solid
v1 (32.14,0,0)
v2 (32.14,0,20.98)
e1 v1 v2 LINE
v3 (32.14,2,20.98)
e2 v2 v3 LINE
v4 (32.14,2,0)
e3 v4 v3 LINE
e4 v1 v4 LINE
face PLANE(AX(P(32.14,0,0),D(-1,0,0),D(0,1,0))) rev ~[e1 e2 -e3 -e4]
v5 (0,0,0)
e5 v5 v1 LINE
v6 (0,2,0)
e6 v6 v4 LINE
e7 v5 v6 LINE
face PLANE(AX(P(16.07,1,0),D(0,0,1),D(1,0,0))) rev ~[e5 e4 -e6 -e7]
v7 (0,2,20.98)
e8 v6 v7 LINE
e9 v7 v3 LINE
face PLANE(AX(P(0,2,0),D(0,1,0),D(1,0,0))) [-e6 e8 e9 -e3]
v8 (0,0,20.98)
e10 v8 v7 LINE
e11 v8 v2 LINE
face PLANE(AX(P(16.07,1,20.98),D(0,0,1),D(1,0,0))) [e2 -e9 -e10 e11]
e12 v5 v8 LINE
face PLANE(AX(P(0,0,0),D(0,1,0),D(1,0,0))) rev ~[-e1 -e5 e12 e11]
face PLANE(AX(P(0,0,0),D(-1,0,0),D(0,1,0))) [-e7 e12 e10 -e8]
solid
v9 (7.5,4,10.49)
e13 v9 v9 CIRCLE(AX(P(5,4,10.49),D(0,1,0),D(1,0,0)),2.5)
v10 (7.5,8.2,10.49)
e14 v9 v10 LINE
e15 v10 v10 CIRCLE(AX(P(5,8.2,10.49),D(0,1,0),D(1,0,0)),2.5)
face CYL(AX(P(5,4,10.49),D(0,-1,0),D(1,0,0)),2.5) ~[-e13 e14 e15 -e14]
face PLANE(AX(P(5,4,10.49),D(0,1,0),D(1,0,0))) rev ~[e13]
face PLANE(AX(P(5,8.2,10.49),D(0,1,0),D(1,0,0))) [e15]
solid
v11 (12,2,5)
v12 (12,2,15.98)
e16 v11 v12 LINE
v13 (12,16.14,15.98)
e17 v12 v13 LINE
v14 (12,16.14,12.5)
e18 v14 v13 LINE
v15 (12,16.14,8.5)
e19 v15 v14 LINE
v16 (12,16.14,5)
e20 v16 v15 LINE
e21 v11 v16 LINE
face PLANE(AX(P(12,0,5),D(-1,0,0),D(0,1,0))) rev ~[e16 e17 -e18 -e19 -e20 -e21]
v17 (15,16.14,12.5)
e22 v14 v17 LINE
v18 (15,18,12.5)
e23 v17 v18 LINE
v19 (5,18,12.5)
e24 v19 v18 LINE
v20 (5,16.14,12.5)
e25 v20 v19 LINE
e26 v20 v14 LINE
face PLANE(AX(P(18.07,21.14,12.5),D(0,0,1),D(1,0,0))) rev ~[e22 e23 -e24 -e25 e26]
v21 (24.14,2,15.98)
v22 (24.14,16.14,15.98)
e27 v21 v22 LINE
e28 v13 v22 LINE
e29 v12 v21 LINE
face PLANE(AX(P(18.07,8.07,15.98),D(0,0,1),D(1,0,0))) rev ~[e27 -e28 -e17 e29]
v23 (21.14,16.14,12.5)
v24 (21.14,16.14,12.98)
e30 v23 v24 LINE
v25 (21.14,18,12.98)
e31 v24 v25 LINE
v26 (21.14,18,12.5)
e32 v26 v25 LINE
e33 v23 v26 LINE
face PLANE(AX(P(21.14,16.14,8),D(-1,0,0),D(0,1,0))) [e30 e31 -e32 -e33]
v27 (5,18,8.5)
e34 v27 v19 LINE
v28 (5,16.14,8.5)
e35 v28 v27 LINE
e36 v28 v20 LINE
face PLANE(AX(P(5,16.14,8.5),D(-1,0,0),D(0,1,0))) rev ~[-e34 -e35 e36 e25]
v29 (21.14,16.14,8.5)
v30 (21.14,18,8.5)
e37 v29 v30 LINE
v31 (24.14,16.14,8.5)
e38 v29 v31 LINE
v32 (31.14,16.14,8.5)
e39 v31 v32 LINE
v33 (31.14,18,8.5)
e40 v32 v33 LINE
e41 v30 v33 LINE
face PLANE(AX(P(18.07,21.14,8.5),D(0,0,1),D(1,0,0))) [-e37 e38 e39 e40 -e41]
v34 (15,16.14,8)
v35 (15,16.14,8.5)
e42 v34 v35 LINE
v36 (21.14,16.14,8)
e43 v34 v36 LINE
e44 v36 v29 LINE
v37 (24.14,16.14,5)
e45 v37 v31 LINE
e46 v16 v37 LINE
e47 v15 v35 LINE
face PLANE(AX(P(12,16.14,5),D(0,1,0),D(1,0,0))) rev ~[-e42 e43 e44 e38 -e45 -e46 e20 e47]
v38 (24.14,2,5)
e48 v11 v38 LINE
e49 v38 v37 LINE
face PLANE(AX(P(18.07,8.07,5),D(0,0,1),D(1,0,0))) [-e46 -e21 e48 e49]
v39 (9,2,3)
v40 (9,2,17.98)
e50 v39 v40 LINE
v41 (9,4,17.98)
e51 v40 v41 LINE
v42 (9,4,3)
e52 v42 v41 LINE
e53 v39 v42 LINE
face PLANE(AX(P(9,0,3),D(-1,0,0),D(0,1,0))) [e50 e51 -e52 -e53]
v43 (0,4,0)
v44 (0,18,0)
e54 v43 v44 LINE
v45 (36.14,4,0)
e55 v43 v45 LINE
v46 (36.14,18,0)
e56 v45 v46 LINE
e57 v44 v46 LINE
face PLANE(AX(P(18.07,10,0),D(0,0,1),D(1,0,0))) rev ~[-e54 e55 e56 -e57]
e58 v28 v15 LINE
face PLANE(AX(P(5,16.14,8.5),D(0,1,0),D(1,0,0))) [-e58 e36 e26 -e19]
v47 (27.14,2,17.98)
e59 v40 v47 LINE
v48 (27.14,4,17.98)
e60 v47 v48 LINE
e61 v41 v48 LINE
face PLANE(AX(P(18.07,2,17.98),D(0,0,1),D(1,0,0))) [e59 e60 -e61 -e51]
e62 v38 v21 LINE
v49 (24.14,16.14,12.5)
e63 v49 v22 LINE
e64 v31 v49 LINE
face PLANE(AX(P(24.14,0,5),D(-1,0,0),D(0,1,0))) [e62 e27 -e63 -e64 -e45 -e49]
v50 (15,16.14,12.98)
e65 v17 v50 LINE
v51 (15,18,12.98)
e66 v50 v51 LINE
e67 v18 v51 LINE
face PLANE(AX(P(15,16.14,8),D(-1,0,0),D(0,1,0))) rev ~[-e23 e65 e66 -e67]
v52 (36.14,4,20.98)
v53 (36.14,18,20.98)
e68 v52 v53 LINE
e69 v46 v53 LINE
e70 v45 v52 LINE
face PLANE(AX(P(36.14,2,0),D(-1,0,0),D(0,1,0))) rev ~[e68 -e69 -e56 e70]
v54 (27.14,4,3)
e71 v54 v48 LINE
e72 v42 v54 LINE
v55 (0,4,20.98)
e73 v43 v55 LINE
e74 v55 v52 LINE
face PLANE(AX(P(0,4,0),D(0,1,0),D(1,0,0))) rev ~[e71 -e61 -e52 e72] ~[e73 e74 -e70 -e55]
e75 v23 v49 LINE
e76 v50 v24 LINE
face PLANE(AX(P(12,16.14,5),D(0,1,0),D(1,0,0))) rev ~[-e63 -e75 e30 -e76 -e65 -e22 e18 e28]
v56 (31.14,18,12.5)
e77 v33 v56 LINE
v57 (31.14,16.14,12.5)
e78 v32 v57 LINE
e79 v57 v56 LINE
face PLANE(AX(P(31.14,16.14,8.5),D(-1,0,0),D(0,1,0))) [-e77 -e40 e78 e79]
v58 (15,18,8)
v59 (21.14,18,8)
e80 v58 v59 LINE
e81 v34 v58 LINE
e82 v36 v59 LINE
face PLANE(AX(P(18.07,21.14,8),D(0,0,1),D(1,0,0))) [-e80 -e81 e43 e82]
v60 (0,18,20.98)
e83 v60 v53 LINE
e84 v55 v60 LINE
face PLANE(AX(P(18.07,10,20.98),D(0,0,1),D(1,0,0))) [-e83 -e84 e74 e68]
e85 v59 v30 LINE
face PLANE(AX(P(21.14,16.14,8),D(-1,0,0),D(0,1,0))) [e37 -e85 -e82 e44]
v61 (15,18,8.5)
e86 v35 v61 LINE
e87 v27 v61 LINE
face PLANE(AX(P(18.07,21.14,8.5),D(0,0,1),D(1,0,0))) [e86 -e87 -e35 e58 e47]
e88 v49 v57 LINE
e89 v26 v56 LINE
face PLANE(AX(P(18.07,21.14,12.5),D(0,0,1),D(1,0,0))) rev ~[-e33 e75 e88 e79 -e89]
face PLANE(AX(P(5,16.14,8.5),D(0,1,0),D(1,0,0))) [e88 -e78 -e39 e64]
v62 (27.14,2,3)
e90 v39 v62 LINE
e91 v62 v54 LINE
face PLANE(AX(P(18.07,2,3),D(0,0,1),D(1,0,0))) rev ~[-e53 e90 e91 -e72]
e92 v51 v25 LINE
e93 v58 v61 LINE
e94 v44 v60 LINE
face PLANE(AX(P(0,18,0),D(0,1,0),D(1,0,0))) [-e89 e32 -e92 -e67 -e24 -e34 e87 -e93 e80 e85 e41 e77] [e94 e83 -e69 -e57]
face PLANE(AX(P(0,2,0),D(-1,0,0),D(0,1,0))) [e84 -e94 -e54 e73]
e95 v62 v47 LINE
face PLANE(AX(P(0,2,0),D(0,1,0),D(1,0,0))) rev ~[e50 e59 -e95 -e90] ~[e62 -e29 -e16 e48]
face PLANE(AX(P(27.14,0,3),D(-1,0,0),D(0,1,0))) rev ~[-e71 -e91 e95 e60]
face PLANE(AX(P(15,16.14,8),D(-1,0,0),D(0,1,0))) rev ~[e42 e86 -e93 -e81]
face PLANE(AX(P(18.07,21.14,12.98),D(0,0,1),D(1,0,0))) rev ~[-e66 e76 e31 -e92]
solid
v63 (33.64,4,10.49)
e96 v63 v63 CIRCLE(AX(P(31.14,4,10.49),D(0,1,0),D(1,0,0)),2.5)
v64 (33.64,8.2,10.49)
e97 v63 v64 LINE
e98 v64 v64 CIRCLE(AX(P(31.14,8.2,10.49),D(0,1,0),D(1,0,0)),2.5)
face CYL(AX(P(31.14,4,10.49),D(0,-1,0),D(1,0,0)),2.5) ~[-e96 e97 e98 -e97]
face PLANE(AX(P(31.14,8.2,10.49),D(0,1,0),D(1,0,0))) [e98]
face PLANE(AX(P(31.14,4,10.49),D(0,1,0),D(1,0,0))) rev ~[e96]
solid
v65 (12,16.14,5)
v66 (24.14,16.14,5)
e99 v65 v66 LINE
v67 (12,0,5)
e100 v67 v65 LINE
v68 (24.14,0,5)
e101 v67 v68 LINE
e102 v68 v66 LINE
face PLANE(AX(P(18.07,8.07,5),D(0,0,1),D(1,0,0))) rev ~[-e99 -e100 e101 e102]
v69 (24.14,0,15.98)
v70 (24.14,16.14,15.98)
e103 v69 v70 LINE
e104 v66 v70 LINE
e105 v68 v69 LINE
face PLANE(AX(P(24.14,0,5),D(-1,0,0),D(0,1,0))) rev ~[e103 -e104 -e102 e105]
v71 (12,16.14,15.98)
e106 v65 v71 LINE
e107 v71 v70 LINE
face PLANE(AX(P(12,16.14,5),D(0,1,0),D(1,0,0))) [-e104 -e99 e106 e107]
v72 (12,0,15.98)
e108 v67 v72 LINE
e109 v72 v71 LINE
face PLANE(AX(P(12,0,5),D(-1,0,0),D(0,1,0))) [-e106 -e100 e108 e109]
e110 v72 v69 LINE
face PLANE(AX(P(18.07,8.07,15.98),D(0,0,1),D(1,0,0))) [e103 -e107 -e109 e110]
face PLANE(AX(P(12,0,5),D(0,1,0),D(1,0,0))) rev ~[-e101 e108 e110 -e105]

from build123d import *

# Parameters (mm, degrees)
BOX_W             = 12.14
BOX_H             = 16.14
BOX_DEPTH         = 10.98
BOX001_W          = 32.14
BOX001_H          = 2
BOX001_DEPTH      = 20.98
CYLINDER_R        = 2.5
CYLINDER_DEPTH    = 4.2
CYLINDER001_R     = 2.5
CYLINDER001_DEPTH = 4.2
BOX007_W          = 18.14
BOX007_H          = 4
BOX007_DEPTH      = 14.98
BOX006_W          = 36.14
BOX006_H          = 4
BOX006_DEPTH      = 20.98
BOX004_W          = 26.14
BOX004_H          = 10
BOX004_DEPTH      = 4
BOX003_W          = 6.14
BOX003_H          = 10
BOX003_DEPTH      = 4.98
BOX005_W          = 12.14
BOX005_H          = 16.14
BOX005_DEPTH      = 10.98
BOX002_W          = 36.14
BOX002_H          = 16
BOX002_DEPTH      = 20.98


with BuildPart() as usb:
    # Box → Box (new body)
    with BuildSketch(Plane(origin=(12, 0, 5), x_dir=(1, 0, 0), z_dir=(0, 0, 1))):
        with Locations((6.07, 8.07)):
            Rectangle(BOX_W, BOX_H)
    extrude(amount=BOX_DEPTH)


with BuildPart() as panel:
    # Box001 → Box001 (new body)
    with BuildSketch(Plane.XY):
        with Locations((16.07, 1)):
            Rectangle(BOX001_W, BOX001_H)
    extrude(amount=BOX001_DEPTH)


with BuildPart() as cylinder:
    # Cylinder → Cylinder (new body)
    with BuildSketch(Plane(origin=(5, 4, 10.49), x_dir=(1, 0, 0), z_dir=(0, 1, 0))):
        Circle(CYLINDER_R)
    extrude(amount=CYLINDER_DEPTH)


with BuildPart() as cylinder001:
    # Cylinder001 → Cylinder001 (new body)
    with BuildSketch(Plane(origin=(31.14, 4, 10.49), x_dir=(1, 0, 0), z_dir=(0, 1, 0))):
        Circle(CYLINDER001_R)
    extrude(amount=CYLINDER001_DEPTH)


with BuildPart() as cube005:
    # Box007 → Box007 (new body)
    with BuildSketch(Plane(origin=(9, 0, 3), x_dir=(1, 0, 0), z_dir=(0, 0, 1))):
        with Locations((9.07, 2)):
            Rectangle(BOX007_W, BOX007_H)
    extrude(amount=BOX007_DEPTH)


with BuildPart() as cut003:
    # Box006 → Box006 (new body)
    with BuildSketch(Plane.XY):
        with Locations((18.07, 2)):
            Rectangle(BOX006_W, BOX006_H)
    extrude(amount=BOX006_DEPTH)

    # Cut003: cut Cube005
    add(cube005.part, mode=Mode.SUBTRACT)


with BuildPart() as cube003:
    # Box004 → Box004 (new body)
    with BuildSketch(Plane(origin=(5, 16.14, 8.5), x_dir=(1, 0, 0), z_dir=(0, 0, 1))):
        with Locations((13.07, 5)):
            Rectangle(BOX004_W, BOX004_H)
    extrude(amount=BOX004_DEPTH)


with BuildPart() as cube002:
    # Box003 → Box003 (new body)
    with BuildSketch(Plane(origin=(15, 16.14, 8), x_dir=(1, 0, 0), z_dir=(0, 0, 1))):
        with Locations((3.07, 5)):
            Rectangle(BOX003_W, BOX003_H)
    extrude(amount=BOX003_DEPTH)


with BuildPart() as cube004:
    # Box005 → Box005 (new body)
    with BuildSketch(Plane(origin=(12, 0, 5), x_dir=(1, 0, 0), z_dir=(0, 0, 1))):
        with Locations((6.07, 8.07)):
            Rectangle(BOX005_W, BOX005_H)
    extrude(amount=BOX005_DEPTH)


with BuildPart() as cut004:
    # Box002 → Box002 (new body)
    with BuildSketch(Plane(origin=(0, 2, 0), x_dir=(1, 0, 0), z_dir=(0, 0, 1))):
        with Locations((18.07, 8)):
            Rectangle(BOX002_W, BOX002_H)
    extrude(amount=BOX002_DEPTH)

    # Cut: cut Cube004
    add(cube004.part, mode=Mode.SUBTRACT)

    # Cut001: cut Cube002
    add(cube002.part, mode=Mode.SUBTRACT)

    # Cut002: cut Cube003
    add(cube003.part, mode=Mode.SUBTRACT)

    # Cut004: cut Cut003
    add(cut003.part, mode=Mode.SUBTRACT)


solid = Compound([usb.part, panel.part, cylinder.part, cylinder001.part, cut004.part])
